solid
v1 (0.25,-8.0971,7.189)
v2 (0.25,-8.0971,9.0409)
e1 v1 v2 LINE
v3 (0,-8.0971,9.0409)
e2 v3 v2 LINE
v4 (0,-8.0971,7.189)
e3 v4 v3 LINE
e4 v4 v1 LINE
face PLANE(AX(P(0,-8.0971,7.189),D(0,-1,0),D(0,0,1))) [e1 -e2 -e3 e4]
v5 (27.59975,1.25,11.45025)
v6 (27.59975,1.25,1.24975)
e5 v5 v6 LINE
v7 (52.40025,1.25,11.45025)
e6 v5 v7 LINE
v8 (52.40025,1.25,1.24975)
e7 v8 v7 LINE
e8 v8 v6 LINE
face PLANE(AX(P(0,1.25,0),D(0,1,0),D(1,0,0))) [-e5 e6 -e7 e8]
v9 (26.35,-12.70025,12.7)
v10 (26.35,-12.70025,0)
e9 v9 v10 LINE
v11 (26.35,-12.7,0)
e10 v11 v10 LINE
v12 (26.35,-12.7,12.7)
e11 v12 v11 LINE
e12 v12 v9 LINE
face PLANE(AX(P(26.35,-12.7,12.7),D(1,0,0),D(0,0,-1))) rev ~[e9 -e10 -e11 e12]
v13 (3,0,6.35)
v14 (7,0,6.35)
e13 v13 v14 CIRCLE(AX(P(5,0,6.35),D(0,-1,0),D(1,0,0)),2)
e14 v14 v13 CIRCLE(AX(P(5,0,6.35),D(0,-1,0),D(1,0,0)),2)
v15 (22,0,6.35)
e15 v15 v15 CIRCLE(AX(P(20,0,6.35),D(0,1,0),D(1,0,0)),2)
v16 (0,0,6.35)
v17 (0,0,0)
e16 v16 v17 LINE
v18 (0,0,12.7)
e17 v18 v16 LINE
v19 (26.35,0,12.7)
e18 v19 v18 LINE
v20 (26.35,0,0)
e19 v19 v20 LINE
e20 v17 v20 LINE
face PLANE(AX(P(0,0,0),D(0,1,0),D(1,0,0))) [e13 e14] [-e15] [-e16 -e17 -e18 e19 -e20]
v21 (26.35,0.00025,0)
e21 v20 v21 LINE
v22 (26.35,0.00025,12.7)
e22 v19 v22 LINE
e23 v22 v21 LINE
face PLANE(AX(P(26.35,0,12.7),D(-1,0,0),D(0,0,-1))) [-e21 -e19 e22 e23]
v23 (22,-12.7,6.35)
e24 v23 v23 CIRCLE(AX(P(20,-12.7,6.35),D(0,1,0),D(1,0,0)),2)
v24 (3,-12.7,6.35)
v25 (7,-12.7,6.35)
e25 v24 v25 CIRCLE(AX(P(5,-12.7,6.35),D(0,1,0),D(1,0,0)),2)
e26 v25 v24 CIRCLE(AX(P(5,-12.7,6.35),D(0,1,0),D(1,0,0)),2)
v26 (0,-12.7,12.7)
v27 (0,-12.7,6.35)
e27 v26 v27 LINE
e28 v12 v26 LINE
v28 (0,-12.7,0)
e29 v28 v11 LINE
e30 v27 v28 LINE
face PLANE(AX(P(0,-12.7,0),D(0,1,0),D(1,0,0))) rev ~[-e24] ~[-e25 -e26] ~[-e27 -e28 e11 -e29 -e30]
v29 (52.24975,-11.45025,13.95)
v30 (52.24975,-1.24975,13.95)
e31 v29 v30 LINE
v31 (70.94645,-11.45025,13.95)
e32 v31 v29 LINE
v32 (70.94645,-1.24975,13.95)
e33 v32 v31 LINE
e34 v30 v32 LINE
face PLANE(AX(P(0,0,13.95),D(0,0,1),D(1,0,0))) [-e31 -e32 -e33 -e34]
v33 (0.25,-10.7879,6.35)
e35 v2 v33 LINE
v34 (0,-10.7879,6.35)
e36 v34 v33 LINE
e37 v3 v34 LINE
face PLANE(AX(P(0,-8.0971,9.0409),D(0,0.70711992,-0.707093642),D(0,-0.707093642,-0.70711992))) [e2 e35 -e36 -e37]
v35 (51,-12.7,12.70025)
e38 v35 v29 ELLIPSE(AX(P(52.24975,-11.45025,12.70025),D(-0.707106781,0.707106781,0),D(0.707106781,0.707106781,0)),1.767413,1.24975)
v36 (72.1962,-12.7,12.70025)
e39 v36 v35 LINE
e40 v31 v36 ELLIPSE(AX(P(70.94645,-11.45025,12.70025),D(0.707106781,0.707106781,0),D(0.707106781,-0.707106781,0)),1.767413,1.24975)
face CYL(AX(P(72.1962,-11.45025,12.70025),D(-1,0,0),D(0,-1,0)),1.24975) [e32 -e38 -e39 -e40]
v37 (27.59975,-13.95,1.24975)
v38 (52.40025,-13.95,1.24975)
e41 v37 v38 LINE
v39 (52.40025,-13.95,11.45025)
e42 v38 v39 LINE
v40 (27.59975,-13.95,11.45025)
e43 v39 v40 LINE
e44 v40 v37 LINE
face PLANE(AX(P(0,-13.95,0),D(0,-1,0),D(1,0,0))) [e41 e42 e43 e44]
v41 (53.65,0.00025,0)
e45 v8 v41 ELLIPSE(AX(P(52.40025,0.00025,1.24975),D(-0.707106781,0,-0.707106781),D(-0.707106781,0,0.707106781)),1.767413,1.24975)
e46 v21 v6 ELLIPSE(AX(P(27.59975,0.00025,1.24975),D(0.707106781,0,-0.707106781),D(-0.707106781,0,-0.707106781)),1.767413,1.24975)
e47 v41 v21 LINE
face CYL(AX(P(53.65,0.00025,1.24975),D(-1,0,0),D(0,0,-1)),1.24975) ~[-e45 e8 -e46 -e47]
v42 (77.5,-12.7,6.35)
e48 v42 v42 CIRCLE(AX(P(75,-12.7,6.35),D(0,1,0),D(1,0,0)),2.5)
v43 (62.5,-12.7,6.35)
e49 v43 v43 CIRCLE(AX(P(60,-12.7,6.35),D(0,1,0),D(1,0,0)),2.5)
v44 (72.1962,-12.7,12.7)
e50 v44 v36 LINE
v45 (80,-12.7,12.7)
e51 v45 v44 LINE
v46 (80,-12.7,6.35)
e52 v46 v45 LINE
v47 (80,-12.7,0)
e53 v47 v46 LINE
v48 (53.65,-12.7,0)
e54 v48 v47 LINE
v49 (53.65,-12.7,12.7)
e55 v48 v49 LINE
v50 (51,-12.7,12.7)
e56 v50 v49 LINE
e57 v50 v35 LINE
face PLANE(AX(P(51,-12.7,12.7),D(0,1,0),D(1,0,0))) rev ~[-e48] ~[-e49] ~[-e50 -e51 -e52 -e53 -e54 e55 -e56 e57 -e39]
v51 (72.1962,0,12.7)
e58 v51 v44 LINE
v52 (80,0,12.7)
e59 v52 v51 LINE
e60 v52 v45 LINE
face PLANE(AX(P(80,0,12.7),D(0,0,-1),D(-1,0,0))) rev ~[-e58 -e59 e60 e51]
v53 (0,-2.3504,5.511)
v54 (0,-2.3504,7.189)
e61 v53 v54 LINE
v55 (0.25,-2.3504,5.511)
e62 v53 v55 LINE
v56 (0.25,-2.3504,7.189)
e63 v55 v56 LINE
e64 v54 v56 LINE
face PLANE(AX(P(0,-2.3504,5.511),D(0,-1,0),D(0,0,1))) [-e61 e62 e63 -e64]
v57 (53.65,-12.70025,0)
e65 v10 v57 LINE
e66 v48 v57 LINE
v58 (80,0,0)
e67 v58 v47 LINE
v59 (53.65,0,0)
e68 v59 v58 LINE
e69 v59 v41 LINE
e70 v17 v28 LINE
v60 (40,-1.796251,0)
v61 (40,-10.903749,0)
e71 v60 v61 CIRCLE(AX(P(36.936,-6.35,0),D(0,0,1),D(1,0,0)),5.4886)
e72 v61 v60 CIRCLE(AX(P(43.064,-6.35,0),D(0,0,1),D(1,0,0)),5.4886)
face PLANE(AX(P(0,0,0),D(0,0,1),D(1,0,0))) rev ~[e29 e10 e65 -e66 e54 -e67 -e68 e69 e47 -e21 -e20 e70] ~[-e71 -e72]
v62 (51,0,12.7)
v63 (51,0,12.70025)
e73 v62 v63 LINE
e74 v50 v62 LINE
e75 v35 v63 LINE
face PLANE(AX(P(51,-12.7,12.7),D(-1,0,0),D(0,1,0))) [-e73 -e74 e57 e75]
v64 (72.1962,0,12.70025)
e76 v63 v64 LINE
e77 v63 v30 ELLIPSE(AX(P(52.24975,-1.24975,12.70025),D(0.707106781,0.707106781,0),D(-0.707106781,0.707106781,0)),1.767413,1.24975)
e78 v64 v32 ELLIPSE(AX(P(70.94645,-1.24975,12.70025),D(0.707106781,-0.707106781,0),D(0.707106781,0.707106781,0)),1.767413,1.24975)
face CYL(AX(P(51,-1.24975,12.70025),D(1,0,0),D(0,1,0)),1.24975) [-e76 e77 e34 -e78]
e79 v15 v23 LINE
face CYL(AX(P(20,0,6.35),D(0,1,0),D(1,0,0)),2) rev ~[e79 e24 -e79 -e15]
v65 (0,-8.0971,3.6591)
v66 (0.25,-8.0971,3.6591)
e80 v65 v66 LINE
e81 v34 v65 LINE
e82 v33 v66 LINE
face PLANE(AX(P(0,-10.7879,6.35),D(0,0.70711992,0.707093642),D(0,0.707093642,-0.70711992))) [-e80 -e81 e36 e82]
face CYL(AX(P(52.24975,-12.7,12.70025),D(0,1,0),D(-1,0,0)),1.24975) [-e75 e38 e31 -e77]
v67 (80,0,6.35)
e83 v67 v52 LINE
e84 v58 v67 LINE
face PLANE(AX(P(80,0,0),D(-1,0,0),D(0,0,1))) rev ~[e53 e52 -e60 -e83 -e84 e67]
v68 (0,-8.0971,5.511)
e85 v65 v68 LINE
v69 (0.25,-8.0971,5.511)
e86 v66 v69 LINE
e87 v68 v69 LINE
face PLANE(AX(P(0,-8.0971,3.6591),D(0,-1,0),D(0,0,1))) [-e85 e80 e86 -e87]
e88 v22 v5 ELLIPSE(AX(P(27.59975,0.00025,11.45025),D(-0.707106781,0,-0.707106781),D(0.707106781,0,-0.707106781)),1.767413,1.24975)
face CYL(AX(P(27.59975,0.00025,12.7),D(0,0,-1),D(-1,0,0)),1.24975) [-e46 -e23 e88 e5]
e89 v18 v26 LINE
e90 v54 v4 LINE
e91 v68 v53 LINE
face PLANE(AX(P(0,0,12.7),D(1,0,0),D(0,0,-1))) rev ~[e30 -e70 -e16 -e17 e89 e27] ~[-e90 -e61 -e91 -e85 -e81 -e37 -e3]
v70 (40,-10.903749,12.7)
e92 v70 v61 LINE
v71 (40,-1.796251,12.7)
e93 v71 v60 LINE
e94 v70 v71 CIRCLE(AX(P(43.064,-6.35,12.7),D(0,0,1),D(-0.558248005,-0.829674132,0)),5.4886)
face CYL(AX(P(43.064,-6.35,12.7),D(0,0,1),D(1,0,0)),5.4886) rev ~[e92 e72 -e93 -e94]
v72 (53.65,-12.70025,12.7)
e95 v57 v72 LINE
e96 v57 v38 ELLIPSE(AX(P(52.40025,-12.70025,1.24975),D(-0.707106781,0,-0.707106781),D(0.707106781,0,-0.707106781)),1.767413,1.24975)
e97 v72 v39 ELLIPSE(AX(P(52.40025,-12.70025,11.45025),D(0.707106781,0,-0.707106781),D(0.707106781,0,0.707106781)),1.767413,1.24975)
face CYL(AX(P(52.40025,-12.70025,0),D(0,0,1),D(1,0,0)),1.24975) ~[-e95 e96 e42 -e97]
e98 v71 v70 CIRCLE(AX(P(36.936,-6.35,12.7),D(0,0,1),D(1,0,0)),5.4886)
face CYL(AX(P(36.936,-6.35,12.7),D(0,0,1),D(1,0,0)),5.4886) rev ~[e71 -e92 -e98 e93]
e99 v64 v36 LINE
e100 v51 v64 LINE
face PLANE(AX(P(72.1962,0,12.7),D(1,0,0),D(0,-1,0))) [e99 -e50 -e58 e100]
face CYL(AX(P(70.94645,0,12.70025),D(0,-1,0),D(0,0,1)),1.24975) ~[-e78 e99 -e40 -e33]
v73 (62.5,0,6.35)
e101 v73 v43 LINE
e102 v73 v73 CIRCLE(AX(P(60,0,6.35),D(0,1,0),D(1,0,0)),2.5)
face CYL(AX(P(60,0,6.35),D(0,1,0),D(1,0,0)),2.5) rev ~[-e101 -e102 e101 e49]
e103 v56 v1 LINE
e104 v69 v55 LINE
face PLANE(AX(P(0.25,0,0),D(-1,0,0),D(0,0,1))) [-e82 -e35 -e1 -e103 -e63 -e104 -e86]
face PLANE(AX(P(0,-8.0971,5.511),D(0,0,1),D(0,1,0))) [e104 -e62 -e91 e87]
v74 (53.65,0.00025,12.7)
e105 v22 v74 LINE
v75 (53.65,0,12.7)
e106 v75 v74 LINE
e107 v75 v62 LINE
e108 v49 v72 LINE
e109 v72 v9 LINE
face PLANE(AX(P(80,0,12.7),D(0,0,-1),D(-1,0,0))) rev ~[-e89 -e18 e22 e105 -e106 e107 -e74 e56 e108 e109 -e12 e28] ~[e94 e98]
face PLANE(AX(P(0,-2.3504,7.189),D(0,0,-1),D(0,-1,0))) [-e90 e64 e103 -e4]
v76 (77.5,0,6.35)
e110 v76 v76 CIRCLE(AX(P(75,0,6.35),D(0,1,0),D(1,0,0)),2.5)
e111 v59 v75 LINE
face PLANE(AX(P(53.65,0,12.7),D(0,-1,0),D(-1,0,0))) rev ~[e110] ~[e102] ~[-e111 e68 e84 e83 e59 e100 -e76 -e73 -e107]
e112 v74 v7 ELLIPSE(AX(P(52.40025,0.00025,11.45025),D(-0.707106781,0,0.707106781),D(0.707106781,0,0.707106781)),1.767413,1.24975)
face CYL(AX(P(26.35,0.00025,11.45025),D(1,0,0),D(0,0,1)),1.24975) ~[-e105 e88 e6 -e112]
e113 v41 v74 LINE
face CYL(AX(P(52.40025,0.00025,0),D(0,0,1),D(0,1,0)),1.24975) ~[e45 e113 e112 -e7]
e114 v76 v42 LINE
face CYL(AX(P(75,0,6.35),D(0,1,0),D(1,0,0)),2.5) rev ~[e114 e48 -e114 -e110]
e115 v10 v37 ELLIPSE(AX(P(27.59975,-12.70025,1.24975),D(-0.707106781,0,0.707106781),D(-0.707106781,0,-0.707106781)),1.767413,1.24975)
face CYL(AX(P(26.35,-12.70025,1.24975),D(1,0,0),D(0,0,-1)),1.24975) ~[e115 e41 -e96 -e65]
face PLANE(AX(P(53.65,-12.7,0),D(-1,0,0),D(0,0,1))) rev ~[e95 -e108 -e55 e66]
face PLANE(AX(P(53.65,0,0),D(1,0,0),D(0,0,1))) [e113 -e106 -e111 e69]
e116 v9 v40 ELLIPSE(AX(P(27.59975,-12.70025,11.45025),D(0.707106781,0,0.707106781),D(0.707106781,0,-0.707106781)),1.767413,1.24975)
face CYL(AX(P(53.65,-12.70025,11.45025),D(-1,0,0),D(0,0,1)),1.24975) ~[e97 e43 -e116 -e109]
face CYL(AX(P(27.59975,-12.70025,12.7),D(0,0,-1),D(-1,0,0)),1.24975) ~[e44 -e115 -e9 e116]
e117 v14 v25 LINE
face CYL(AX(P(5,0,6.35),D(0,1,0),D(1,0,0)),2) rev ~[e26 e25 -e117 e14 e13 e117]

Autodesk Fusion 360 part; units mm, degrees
sketch "Screw Holes" plane through (0, 0, 0) normal (0, 1, 0) x (1, 0, 0)
  line L0 (0, 0) -> (80, 0)
  line L1 (80, 0) -> (80, -12.7)
  line L2 (80, -12.7) -> (0, -12.7)
  line L3 (0, -12.7) -> (0, 0)
  line L4 (0, -6.35) -> (80, -6.35) construction
  circle A0 centre (5, -6.35) radius 2
  circle A1 centre (20, -6.35) radius 2
  circle A2 centre (60, -6.35) radius 2.5
  circle A3 centre (75, -6.35) radius 2.5
  line L5 (5, -6.35) -> (0, -6.35)
  line L6 (75, -6.35) -> (80, -6.35)
  line L7 (5, -6.35) -> (20, -6.35) construction
  line L8 (60, -6.35) -> (75, -6.35) construction
  point P0 (67.5, -6.35)
  point P1 (12.5, -6.35)
  dimension "d1" = 80
  dimension "d2" = 12.7
  dimension "d3" = 4
  dimension "d4" = 4
  dimension "d5" = 5
  dimension "d6" = 5
  dimension "d7" = 40
  dimension "d8" = 15
  dimension "d9" = 15
extrude "Extrude1" add sketch "Screw Holes" against normal blind 12.7 contours A0 | A3 | L0 L1 L2 L3 | A1 | A2
extrude "Extrude2" cut sketch "Screw Holes" against normal through all contours A0 | A3 | A1 | A2
sketch "Loadcell Holes" plane through (0, 0, 12.7) normal (0, 0, 1) x (1, 0, 0)
  line L0 (80, 0) -> (0, 0)
  line L1 (0, 0) -> (0, -12.7)
  line L2 (0, -12.7) -> (80, -12.7)
  line L3 (80, -12.7) -> (80, 0)
  line L4 (40, -12.7) -> (40, 0) construction
  line L5 (0, -6.35) -> (80, -6.35) construction
  circle A0 centre (36.936, -6.35) radius 5.4886
  circle A1 centre (43.064, -6.35) radius 5.4886
  line L6 (36.936, -6.35) -> (43.064, -6.35)
extrude "Extrude3" cut sketch "Loadcell Holes" against normal blind 25 contours A0 A1 L6 | A0 A1 | A0 A1 L6 | A0 A1
sketch "Arrow" plane through (0, 0, 0) normal (-1, 0, 0) x (0, 0, 1)
  line L0 (12.7, 0) -> (0, 0)
  line L1 (0, 0) -> (0, -12.7)
  line L2 (0, -12.7) -> (12.7, -12.7)
  line L3 (12.7, -12.7) -> (12.7, 0)
  line L4 (5.511, -2.3504) -> (7.189, -2.3504)
  line L5 (7.189, -2.3504) -> (7.189, -8.0971)
  line L6 (7.189, -8.0971) -> (9.0409, -8.0971)
  line L7 (9.0409, -8.0971) -> (6.35, -10.7879)
  line L8 (6.35, -10.7879) -> (3.6591, -8.0971)
  line L9 (3.6591, -8.0971) -> (5.511, -8.0971)
  line L10 (5.511, -8.0971) -> (5.511, -2.3504)
  line L11 (6.35, -12.7) -> (6.35, 0) construction
  dimension "d20" = 45
extrude "Extrude4" cut sketch "Arrow" against normal blind 0.25 contours L4 L5 L6 L7 L8 L9 L10
sketch "Sketch5" plane through (0, 0, 0) normal (0, 1, 0) x (1, 0, 0)
  circle A0 centre (20, -6.35) radius 2
  circle A1 centre (60, -6.35) radius 2.5
  circle A2 centre (5, -6.35) radius 2
  circle A3 centre (75, -6.35) radius 2.5
  line L0 (80, -12.7) -> (80, 0)
  line L1 (80, 0) -> (0, 0)
  line L2 (0, 0) -> (0, -12.7)
  line L3 (0, -12.7) -> (80, -12.7)
  line L4 (40, 0) -> (40, -12.7) construction
  line L5 (26.35, 0) -> (53.65, 0)
  line L6 (53.65, 0) -> (53.65, -12.7)
  line L7 (53.65, -12.7) -> (26.35, -12.7)
  line L8 (26.35, -12.7) -> (26.35, 0)
  line L9 (26.35, -6.35) -> (40, -6.35) construction
  line L10 (40, -6.35) -> (53.65, -6.35) construction
  circle A4 centre (20, -6.35) radius 6.35 construction
extrude "Extrude6" add sketch "Sketch5" along normal blind 1.25 contours L1 L3 L5 L6 L7 L8
fillet "Fillet1" radius 1.25 4 edges at (26.35, 1.25, 6.35) (40, 1.25, 12.7) (53.65, 1.25, 6.35) (40, 1.25, 0)
sketch "Sketch6" plane through (0, -12.7, 0) normal (0, -1, 0) x (1, 0, 0)
  line L0 (80, 0) -> (80, 12.7)
  line L1 (80, 12.7) -> (0, 12.7)
  line L2 (0, 12.7) -> (0, 0)
  line L3 (0, 0) -> (80, 0)
  line L4 (26.35, 12.7) -> (26.35, 0)
  line L5 (26.35, 0) -> (0, 0)
  line L6 (0, 0) -> (0, 12.7)
  line L7 (0, 12.7) -> (26.35, 12.7)
  circle A0 centre (20, 6.35) radius 2
  circle A1 centre (5, 6.35) radius 2
  line L8 (53.65, 0) -> (53.65, 12.7)
  line L9 (53.65, 12.7) -> (80, 12.7)
  line L10 (80, 12.7) -> (80, 0)
  line L11 (80, 0) -> (53.65, 0)
  circle A2 centre (75, 6.35) radius 2.5
  circle A3 centre (60, 6.35) radius 2.5
  circle A4 centre (20, 6.35) radius 2
  circle A5 centre (60, 6.35) radius 2.5
  circle A6 centre (5, 6.35) radius 2
  circle A7 centre (75, 6.35) radius 2.5
  line L12 (5, 6.35) -> (20, 6.35) construction
  line L13 (60, 6.35) -> (75, 6.35) construction
  point P0 (67.5, 6.35)
  point P1 (12.5, 6.35)
extrude "Extrude7" add sketch "Sketch6" along normal blind 1.25 contours L1 L3 L4 L8
fillet "Fillet2" radius 1.25 4 edges at (26.35, -13.95, 6.35) (40, -13.95, 0) (53.65, -13.95, 6.35) (40, -13.95, 12.7)
sketch "Sketch7" plane through (0, 0, 12.7) normal (0, 0, 1) x (1, 0, 0)
  line L0 (26.35, -12.7) -> (53.65, -12.7)
  line L1 (53.65, -12.7) -> (80, -12.7)
  line L2 (80, -12.7) -> (80, 0)
  line L3 (80, 0) -> (53.65, 0)
  line L4 (53.65, 0) -> (26.35, 0)
  line L5 (26.35, 0) -> (0, 0)
  line L6 (0, 0) -> (0, -12.7)
  line L7 (0, -12.7) -> (26.35, -12.7)
  arc A0 (40, -1.7962) -> (40, -10.9038) centre (36.936, -6.35) ccw
  arc A1 (40, -10.9038) -> (40, -1.7962) centre (43.064, -6.35) ccw
  line L8 (51, 0) -> (72.1962, 0)
  line L9 (72.1962, 0) -> (72.1962, -12.7)
  line L10 (72.1962, -12.7) -> (51, -12.7)
  line L11 (51, -12.7) -> (51, 0)
extrude "Extrude8" add sketch "Sketch7" along normal blind 1.25 contours L0 L1 L3 L4 L8 L9 L10 L11
fillet "Fillet3" radius 1.25 4 edges at (51, -6.35, 13.95) (61.5981, 0, 13.95) (72.1962, -6.35, 13.95) (61.5981, -12.7, 13.95)
ref_plane "WorkPlane1" through (40, -6.975, 6.35) normal (0, 0, 1) x (-1, 0, 0)
ref_plane "WorkPlane2" through (65.5, -6.35, 6.975) normal (0, 1, 0) x (1, 0, 0)
ref_plane "WorkPlane3" through (40, -6.35, 6.35) normal (-1, 0, 0) x (0, 0, -1)
